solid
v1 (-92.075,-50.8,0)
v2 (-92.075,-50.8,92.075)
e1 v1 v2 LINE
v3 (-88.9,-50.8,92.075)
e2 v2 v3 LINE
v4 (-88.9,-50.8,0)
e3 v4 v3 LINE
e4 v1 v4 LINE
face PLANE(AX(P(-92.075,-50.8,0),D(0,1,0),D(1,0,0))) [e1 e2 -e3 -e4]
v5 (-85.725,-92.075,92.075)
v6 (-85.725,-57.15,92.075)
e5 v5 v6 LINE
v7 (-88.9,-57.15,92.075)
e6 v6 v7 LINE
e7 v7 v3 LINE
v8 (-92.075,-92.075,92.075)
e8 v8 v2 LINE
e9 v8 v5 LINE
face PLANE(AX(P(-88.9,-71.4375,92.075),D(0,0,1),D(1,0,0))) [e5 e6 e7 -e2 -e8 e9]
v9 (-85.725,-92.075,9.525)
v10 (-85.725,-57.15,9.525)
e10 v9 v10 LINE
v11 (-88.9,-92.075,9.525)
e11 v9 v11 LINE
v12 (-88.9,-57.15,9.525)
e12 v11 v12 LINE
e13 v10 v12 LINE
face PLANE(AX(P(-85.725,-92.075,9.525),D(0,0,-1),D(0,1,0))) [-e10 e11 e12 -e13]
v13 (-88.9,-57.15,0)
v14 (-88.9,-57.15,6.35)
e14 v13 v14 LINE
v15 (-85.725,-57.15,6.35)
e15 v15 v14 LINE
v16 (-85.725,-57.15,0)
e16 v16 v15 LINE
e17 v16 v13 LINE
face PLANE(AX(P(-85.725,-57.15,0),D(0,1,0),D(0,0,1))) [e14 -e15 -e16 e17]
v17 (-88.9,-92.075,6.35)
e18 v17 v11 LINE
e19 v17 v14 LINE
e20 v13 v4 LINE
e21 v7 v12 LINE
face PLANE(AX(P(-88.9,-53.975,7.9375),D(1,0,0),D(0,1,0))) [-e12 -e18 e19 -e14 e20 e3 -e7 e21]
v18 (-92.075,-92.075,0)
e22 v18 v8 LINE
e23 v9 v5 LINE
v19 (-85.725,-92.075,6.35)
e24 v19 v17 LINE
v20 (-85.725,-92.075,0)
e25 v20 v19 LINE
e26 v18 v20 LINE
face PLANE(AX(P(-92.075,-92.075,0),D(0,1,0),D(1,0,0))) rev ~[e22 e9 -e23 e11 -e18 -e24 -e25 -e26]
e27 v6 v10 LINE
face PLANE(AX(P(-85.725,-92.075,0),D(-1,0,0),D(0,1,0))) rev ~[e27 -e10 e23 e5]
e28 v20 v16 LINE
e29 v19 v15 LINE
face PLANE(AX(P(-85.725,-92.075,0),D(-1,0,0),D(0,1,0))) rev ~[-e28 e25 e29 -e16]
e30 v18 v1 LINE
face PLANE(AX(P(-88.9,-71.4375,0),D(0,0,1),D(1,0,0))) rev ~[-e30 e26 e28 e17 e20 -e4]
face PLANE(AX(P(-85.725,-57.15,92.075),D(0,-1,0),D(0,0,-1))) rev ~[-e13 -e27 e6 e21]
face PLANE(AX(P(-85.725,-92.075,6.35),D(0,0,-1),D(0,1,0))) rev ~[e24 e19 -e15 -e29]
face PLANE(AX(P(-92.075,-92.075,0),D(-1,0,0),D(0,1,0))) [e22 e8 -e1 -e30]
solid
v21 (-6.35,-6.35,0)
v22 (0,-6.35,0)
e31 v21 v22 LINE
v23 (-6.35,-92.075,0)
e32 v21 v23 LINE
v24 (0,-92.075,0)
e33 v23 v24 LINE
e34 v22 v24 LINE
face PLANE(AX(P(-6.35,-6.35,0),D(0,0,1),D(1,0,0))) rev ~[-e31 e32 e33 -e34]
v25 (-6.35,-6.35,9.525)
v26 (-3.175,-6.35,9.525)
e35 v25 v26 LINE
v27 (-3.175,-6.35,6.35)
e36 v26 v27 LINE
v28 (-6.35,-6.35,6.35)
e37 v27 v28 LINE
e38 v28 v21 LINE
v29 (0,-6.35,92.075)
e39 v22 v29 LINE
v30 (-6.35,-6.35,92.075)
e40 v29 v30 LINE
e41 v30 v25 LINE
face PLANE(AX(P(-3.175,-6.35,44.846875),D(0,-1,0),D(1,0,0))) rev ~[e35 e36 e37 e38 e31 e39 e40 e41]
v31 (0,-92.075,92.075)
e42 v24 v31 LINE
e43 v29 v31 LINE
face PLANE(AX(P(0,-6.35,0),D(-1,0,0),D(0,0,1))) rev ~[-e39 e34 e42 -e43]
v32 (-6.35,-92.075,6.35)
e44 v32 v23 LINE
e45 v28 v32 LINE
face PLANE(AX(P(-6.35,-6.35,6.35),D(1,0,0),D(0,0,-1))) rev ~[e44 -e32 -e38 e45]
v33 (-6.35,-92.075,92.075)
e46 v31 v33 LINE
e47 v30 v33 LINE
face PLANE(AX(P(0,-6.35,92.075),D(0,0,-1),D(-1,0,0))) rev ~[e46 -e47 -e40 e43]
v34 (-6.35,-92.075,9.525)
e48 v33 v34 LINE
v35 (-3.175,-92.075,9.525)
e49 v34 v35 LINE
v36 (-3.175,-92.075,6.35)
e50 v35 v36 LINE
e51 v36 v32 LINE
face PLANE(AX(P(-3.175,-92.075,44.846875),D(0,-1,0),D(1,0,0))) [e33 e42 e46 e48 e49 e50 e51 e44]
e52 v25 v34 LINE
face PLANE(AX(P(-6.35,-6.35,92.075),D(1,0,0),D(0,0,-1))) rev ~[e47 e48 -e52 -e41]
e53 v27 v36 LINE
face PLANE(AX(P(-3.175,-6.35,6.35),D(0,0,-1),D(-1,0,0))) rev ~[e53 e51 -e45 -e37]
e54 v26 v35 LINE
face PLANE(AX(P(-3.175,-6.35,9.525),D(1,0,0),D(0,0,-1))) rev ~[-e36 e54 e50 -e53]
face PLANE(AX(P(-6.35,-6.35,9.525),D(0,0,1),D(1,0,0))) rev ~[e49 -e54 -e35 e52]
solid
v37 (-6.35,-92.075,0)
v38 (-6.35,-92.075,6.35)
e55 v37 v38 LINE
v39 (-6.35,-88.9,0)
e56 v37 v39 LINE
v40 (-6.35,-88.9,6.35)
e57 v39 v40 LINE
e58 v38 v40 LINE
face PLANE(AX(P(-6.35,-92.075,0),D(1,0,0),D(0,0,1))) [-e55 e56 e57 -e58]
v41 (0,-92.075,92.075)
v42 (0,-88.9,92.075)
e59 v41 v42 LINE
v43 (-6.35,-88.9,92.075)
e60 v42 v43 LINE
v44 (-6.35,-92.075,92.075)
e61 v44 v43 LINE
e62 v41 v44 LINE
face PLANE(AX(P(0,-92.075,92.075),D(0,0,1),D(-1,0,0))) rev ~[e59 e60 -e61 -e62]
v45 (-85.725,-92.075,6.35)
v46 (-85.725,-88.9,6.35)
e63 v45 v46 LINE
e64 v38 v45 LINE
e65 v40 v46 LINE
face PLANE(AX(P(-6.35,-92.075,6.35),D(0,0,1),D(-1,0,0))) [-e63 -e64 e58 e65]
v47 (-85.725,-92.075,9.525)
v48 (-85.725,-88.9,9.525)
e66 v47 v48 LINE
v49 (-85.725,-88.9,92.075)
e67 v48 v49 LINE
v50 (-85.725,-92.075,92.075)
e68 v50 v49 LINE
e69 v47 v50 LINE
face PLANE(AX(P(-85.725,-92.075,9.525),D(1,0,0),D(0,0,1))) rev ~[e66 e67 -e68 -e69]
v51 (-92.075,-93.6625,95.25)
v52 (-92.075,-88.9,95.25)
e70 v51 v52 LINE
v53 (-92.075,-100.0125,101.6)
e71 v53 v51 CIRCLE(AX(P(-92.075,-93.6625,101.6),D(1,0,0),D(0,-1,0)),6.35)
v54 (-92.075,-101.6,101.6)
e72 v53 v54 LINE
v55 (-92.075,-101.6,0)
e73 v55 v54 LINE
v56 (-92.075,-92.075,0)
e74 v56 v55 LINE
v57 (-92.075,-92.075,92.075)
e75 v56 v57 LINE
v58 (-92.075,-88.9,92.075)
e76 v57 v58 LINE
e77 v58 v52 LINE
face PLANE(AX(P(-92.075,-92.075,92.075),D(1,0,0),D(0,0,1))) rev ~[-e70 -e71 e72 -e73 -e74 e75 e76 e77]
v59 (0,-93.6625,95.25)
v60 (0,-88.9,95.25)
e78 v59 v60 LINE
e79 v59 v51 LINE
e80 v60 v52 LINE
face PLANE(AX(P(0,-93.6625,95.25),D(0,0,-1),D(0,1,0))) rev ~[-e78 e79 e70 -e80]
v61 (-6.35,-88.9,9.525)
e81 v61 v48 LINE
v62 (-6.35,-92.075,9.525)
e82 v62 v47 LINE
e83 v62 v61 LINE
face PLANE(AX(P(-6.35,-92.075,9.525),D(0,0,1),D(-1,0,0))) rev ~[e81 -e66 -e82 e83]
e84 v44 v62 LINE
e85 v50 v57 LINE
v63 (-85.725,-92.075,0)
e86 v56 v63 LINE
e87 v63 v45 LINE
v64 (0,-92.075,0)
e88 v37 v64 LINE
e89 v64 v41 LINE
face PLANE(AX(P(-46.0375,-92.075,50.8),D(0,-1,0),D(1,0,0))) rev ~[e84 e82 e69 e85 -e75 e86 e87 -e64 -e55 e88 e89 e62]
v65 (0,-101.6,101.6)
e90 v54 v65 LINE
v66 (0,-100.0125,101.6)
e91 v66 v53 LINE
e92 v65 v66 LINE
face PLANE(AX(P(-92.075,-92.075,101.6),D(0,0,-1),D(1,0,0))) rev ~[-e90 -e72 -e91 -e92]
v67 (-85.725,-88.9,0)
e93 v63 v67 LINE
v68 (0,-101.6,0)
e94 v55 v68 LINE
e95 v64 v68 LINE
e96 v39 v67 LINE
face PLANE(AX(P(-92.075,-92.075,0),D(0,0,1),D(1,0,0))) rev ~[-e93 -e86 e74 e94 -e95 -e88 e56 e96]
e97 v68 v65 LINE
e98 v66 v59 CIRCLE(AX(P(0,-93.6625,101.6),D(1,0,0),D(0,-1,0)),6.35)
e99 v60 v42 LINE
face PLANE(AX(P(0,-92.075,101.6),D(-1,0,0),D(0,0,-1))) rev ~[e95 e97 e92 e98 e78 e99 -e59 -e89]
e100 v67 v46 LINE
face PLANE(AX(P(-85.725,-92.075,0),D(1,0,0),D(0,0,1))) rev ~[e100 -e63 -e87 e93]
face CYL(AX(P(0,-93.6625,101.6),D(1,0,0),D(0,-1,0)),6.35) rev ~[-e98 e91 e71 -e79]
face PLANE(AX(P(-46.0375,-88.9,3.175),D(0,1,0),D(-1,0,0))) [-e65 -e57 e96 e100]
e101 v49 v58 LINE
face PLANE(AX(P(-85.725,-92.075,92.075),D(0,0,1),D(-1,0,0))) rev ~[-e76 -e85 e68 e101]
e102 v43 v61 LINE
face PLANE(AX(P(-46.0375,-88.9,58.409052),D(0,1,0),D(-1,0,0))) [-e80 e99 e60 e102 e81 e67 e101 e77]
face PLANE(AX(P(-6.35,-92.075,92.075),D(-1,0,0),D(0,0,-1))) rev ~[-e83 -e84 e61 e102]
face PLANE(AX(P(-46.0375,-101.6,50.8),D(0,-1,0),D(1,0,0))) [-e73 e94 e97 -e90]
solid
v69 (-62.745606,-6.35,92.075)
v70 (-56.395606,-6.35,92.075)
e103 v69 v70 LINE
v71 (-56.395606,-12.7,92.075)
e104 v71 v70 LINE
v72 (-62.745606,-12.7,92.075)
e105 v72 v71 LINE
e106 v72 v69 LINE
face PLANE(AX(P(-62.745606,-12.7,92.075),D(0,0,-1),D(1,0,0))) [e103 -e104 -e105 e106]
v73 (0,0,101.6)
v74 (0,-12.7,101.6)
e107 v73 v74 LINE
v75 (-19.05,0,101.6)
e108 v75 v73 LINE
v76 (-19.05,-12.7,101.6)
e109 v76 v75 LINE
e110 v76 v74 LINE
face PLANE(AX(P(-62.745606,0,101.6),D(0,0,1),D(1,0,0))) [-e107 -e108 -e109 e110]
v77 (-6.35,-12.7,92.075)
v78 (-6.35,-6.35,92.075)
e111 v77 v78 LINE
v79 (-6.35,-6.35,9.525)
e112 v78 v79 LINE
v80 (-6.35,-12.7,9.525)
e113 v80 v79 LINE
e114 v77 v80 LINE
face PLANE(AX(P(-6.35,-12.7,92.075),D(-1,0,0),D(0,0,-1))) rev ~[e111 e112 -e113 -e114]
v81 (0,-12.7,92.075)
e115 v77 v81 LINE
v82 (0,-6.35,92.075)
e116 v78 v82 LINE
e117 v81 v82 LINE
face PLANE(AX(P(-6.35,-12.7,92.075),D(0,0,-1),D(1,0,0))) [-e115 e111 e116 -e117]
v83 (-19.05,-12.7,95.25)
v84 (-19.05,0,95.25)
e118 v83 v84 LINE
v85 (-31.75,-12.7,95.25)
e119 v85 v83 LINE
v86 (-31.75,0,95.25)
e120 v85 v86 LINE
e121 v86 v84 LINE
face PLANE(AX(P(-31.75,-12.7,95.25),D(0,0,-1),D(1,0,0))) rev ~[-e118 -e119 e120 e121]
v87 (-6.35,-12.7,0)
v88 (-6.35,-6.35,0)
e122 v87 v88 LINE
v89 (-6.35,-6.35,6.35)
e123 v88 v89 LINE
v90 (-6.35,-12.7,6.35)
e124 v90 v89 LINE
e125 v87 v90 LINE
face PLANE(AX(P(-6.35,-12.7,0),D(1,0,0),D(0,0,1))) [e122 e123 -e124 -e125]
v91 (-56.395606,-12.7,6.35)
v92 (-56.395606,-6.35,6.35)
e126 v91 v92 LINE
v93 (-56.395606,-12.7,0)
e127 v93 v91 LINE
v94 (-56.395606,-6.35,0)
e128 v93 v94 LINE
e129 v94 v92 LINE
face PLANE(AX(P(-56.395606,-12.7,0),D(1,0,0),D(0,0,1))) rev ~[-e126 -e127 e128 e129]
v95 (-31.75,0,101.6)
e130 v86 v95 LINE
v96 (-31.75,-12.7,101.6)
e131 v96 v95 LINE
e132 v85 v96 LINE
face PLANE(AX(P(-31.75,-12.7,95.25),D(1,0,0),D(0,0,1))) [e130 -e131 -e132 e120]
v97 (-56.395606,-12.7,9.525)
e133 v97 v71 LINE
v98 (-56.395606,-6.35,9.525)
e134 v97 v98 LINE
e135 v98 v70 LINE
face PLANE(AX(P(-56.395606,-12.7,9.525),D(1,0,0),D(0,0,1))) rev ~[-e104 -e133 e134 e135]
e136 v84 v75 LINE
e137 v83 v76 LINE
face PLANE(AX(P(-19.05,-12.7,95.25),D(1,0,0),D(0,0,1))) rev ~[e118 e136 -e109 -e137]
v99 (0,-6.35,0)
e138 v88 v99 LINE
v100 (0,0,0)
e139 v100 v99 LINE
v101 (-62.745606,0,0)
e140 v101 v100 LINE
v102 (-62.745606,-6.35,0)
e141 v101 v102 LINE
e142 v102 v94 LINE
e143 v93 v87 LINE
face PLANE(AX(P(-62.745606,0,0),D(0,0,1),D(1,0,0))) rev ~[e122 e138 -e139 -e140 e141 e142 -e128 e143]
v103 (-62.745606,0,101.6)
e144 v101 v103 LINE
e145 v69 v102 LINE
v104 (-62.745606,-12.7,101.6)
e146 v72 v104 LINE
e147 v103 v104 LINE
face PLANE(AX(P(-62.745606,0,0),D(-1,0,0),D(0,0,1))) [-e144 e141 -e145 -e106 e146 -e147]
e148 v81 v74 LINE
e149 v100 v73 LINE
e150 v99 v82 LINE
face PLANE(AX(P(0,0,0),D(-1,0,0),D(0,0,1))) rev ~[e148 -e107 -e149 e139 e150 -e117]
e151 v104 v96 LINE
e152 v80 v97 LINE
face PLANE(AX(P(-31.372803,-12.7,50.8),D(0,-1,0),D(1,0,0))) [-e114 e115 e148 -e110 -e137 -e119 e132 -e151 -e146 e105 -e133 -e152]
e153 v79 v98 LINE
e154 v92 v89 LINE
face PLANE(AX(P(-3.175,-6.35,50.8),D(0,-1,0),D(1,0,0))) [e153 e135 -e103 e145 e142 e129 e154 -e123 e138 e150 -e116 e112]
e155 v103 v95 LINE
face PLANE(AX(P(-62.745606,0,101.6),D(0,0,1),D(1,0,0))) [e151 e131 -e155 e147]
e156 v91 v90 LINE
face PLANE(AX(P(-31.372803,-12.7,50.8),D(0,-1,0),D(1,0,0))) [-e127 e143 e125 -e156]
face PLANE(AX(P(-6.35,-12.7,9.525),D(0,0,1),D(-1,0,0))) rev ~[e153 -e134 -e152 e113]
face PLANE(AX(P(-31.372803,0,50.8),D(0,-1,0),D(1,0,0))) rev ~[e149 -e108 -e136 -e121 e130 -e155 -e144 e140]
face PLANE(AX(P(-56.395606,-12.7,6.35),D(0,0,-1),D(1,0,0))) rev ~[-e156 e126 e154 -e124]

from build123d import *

# Parameters (mm, degrees)
F1_W      = 62.7456063252
F1_H      = 101.6
F2_DEPTH  = 12.7
F3_W      = 6.35
F3_H      = 82.55
F3_H_2    = 3.175
F3_W_2    = 50.0456063252
F3_H_3    = 6.35
F4_DEPTH  = 6.35
F6_DEPTH  = 85.725
F7_W      = 92.075
F7_H      = 101.6
F8_DEPTH  = 9.525
F9_W      = 79.375
F9_H      = 6.35
F10_DEPTH = 3.175
F12_DEPTH = 92.075
F13_W     = 12.7
F13_H     = 6.35
F14_DEPTH = 12.7
F15_W     = 6.35
F15_H     = 41.275
F16_DEPTH = 92.075
F17_W     = 6.35
F17_H     = 3.175
F17_H_2   = 82.55
F17_W_2   = 34.925
F17_H_3   = 6.35
F18_DEPTH = 3.175


with BuildPart() as f2:
    # F1 (on Front) → F2 (new body)
    with BuildSketch(Plane.XZ):
        with Locations((-31.3728031626, 50.8)):
            Rectangle(F1_W, F1_H)
    extrude(amount=F2_DEPTH)

    # F3 (on face) → F4 (cut)
    with BuildSketch(Plane.XZ.offset(12.7)):
        with Locations((-3.175, 50.8)):
            Rectangle(F3_W, F3_H)
        with Locations((-3.175, 7.9375)):
            Rectangle(F3_W, F3_H_2)
        with Locations((-31.3728031626, 7.9375)):
            Rectangle(F3_W_2, F3_H_2)
        with Locations((-3.175, 3.175)):
            Rectangle(F3_W, F3_H_3)
        with Locations((-59.5706063252, 7.9375)):
            Rectangle(F3_W, F3_H_2)
        with Locations((-59.5706063252, 50.8)):
            Rectangle(F3_W, F3_H)
        with Locations((-59.5706063252, 3.175)):
            Rectangle(F3_W, F3_H_3)
    extrude(amount=-F4_DEPTH, mode=Mode.SUBTRACT)

    # F13 (on face) → F14 (cut, through all)
    with BuildSketch(Plane.XZ.offset(12.7)):
        with Locations((-25.4, 98.425)):
            Rectangle(F13_W, F13_H)
    extrude(amount=-F14_DEPTH, mode=Mode.SUBTRACT)


with BuildPart() as f6:
    # F5 (on face) → F6 (new body)
    with BuildSketch(Plane.XZ.offset(6.35)):
        Polygon((0, 92.075), (-6.35, 92.075), (-6.35, 9.525), (-3.175, 9.525), (-3.175, 6.35), (-6.35, 6.35), (-6.35, 0), (0, 0), align=None)
    extrude(amount=F6_DEPTH)


with BuildPart() as f8:
    # F7 (on face) → F8 (new body)
    with BuildSketch(Plane.XZ.offset(92.075)):
        with Locations((-46.0375, 50.8)):
            Rectangle(F7_W, F7_H)
    extrude(amount=F8_DEPTH)

    # F9 (on face) → F10 (join)
    with BuildSketch(Plane(origin=(0, -92.075, 0), x_dir=(-1, 0, 0), z_dir=(0, 1, 0))):
        with Locations((46.0375, 3.175)):
            Rectangle(F9_W, F9_H)
        Polygon((92.075, 101.6), (0, 101.6), (0, 92.075), (6.35, 92.075), (6.35, 9.525), (85.725, 9.525), (85.725, 92.075), (92.075, 92.075), align=None)
    extrude(amount=F10_DEPTH)

    # F11 (on face) → F12 (cut, through all)
    with BuildSketch(Plane.YZ):
        with BuildLine():
            Line((-93.6625, 101.6), (-100.0125, 101.6))
            ThreePointArc((-100.0125, 101.6), (-98.1526280605, 97.1098719395), (-93.6625, 95.25))
            Line((-93.6625, 95.25), (-88.9, 95.25))
            Line((-88.9, 95.25), (-88.9, 101.6))
            Line((-88.9, 101.6), (-93.6625, 101.6))
        make_face()
    extrude(amount=-F12_DEPTH, mode=Mode.SUBTRACT)


with BuildPart() as f16:
    # F15 (on Top) → F16 (new body, through all)
    with BuildSketch(Plane.XY):
        with Locations((-88.9, -71.4375)):
            Rectangle(F15_W, F15_H)
    extrude(amount=F16_DEPTH)

    # F17 (on face) → F18 (cut)
    with BuildSketch(Plane.YZ.offset(-85.725)):
        with Locations((-53.975, 7.9375)):
            Rectangle(F17_W, F17_H)
        with Locations((-53.975, 50.8)):
            Rectangle(F17_W, F17_H_2)
        with Locations((-74.6125, 7.9375)):
            Rectangle(F17_W_2, F17_H)
        with Locations((-53.975, 3.175)):
            Rectangle(F17_W, F17_H_3)
    extrude(amount=-F18_DEPTH, mode=Mode.SUBTRACT)


solid = Compound([f2.part, f6.part, f8.part, f16.part])
